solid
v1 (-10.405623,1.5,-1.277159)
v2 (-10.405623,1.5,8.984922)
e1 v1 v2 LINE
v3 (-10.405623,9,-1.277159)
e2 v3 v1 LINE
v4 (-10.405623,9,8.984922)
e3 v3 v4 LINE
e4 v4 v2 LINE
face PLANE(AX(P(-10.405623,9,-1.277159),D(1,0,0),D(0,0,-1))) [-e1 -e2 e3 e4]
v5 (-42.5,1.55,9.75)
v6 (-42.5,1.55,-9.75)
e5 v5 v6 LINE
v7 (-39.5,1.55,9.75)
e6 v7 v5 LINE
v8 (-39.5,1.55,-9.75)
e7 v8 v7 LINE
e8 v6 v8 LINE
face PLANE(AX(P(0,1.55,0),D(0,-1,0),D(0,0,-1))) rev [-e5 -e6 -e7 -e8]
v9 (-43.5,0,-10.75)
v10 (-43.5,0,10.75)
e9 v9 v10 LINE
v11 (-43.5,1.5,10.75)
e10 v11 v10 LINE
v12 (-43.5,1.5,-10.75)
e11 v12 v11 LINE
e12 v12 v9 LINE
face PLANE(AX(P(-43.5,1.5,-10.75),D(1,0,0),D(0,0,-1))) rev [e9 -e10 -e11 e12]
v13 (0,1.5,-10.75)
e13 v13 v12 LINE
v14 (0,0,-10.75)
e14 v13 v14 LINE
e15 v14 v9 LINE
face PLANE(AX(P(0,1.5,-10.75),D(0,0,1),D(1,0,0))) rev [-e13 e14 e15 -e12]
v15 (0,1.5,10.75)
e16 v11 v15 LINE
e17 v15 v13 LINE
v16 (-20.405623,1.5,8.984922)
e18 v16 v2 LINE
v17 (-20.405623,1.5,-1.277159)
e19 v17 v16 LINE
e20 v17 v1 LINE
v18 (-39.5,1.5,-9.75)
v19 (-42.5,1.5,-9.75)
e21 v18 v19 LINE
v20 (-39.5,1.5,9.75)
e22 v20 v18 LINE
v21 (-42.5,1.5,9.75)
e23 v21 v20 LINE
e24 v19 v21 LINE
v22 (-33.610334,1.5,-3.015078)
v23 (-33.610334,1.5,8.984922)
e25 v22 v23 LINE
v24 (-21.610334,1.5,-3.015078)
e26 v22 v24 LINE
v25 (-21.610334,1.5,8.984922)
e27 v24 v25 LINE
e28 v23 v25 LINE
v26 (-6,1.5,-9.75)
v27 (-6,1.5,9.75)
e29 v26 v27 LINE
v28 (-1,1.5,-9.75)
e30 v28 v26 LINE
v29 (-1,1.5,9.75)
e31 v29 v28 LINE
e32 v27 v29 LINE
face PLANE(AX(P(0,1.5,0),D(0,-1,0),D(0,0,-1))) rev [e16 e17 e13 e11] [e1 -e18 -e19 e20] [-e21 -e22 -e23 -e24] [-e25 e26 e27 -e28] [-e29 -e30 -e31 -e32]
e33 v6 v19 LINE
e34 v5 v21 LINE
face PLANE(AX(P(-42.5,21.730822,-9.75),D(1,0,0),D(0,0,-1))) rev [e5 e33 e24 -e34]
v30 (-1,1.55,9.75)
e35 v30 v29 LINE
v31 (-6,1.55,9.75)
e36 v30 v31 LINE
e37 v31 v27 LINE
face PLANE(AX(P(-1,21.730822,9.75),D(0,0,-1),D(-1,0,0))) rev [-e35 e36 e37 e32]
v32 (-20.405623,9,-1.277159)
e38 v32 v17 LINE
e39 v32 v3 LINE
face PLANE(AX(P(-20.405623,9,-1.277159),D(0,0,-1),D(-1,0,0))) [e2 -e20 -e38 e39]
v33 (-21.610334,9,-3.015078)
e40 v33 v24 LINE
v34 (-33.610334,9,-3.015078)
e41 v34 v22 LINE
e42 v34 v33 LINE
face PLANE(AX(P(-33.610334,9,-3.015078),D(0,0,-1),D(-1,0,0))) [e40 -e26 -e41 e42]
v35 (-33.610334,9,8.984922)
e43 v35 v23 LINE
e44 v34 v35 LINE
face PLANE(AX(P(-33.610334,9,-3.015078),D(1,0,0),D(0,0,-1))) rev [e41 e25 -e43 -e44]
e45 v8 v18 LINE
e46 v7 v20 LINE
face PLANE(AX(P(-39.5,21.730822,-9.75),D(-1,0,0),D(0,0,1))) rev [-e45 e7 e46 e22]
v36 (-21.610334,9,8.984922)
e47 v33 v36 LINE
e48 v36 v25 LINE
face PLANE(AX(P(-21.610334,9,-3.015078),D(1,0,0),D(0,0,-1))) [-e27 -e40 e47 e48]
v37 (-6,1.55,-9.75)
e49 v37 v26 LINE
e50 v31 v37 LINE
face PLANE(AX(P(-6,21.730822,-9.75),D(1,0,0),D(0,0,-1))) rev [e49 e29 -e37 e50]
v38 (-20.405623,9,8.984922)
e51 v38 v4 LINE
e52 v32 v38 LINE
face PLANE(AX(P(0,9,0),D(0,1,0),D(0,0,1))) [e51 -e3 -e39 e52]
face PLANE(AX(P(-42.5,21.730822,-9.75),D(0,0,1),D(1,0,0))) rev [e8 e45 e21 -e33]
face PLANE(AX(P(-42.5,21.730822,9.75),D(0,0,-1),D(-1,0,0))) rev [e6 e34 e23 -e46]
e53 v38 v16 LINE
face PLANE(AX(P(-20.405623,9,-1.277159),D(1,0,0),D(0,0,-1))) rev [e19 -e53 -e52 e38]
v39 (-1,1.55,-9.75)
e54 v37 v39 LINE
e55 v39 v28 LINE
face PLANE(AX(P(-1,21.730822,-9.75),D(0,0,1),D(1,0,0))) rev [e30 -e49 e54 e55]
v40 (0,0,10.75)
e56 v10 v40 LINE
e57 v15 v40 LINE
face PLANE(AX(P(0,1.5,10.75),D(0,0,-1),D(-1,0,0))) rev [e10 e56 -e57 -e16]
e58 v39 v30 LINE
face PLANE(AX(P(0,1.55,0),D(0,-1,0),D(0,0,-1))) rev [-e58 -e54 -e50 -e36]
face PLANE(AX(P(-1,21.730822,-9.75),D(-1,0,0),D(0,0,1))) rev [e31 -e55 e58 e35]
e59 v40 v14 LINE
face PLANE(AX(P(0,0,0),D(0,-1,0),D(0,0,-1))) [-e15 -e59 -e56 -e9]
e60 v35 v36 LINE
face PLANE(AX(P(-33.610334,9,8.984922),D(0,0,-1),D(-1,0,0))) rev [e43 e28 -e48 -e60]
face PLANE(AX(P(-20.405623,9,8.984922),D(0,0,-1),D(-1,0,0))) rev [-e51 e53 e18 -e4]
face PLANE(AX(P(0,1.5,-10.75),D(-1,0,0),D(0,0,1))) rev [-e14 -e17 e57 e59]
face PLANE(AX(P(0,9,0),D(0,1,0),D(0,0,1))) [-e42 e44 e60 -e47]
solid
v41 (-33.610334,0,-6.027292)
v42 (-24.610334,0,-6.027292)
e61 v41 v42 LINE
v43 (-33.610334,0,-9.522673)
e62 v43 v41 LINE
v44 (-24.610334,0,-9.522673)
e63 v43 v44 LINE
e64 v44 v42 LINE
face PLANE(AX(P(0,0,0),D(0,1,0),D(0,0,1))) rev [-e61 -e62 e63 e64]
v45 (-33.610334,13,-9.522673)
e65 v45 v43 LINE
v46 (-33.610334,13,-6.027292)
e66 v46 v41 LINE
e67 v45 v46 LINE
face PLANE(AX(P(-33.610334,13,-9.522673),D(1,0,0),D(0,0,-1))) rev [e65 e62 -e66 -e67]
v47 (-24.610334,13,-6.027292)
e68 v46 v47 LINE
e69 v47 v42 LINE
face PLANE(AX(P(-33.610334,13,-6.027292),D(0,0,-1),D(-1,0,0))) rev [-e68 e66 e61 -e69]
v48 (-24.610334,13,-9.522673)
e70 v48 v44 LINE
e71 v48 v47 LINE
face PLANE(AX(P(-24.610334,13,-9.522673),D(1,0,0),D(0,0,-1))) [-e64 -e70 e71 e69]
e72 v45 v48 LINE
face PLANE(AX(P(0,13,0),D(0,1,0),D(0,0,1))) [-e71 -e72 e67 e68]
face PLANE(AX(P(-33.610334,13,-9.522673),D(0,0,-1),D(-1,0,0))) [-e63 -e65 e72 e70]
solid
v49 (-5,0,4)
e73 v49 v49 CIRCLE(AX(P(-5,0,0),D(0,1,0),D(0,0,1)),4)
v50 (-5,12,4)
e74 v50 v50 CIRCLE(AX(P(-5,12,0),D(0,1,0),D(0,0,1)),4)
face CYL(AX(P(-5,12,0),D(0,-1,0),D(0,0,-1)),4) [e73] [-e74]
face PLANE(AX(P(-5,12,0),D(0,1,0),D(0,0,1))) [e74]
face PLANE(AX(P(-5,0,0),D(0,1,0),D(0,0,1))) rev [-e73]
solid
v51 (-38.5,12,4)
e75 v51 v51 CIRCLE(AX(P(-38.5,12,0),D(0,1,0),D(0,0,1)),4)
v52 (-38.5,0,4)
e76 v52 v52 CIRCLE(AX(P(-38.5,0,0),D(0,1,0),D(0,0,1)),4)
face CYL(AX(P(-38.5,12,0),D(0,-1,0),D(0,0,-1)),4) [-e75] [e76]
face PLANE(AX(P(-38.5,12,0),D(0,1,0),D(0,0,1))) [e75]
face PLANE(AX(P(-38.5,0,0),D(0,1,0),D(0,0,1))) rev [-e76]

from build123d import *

# Parameters (mm, degrees)
SKETCH_1_W        = 43.5
SKETCH_1_H        = 21.5
EXTRUDE_1_DEPTH   = 1.5
SKETCH_6_W        = 5
SKETCH_6_H        = 19.5
SKETCH_6_W_2      = 3
EXTRUDE_4_DEPTH   = 1.55
SKETCH_4_W        = 12
SKETCH_4_H        = 12
SKETCH_4_W_2      = 10
SKETCH_4_H_2      = 10.262080876
EXTRUDE_3_DEPTH   = 9
SKETCH_4_2_W      = 9
SKETCH_4_2_H      = 3.495381259
EXTRUDE_5_DEPTH   = 13
SKETCH_4_3_R      = 4
EXTRUDE_6_DEPTH   = 12
EXTRUDE_6_2_DEPTH = 12


with BuildPart() as part:
    # Эскиз1 → Бобышка-Вытянуть1 (new body)
    with BuildSketch(Plane(origin=(0, 0, 0), x_dir=(1, 0, 0), z_dir=(0, 1, 0))):
        with Locations((-21.75, 0)):
            Rectangle(SKETCH_1_W, SKETCH_1_H)
    extrude(amount=EXTRUDE_1_DEPTH)

    # Эскиз6 → Бобышка-Вытянуть4 (add)
    with BuildSketch(Plane(origin=(0, 0, 0), x_dir=(1, 0, 0), z_dir=(0, 1, 0))):
        with Locations((-3.5, 0)):
            Rectangle(SKETCH_6_W, SKETCH_6_H)
        with Locations((-41, 0)):
            Rectangle(SKETCH_6_W_2, SKETCH_6_H)
    extrude(amount=EXTRUDE_4_DEPTH)

    # Эскиз4 → Бобышка-Вытянуть3 (add)
    with BuildSketch(Plane(origin=(0, 0, 0), x_dir=(1, 0, 0), z_dir=(0, 1, 0))):
        with Locations((-27.610333503, -2.984922339)):
            Rectangle(SKETCH_4_W, SKETCH_4_H)
        with Locations((-15.405622593, -3.853881901)):
            Rectangle(SKETCH_4_W_2, SKETCH_4_H_2)
    extrude(amount=EXTRUDE_3_DEPTH)


with BuildPart() as body_2:
    # Эскиз4<2> → Бобышка-Вытянуть5 (new body)
    with BuildSketch(Plane(origin=(0, 0, 0), x_dir=(1, 0, 0), z_dir=(0, 1, 0))):
        with Locations((-29.110333503, 7.774982673)):
            Rectangle(SKETCH_4_2_W, SKETCH_4_2_H)
    extrude(amount=EXTRUDE_5_DEPTH)


with BuildPart() as body_3:
    # Эскиз4<3> → Бобышка-Вытянуть6 (new body)
    with BuildSketch(Plane(origin=(0, 0, 0), x_dir=(1, 0, 0), z_dir=(0, 1, 0))):
        with Locations(Location((-38.5, 0, 0), (0, 0, 270))):
            Circle(SKETCH_4_3_R)
    extrude(amount=EXTRUDE_6_DEPTH)


with BuildPart() as body_4:
    # Эскиз4<3> → Extrude 6 2 (new body)
    with BuildSketch(Plane(origin=(0, 0, 0), x_dir=(1, 0, 0), z_dir=(0, 1, 0))):
        with Locations(Location((-5, 0, 0), (0, 0, 270))):
            Circle(SKETCH_4_3_R)
    extrude(amount=EXTRUDE_6_2_DEPTH)


solid = Compound([part.part, body_2.part, body_3.part, body_4.part])
